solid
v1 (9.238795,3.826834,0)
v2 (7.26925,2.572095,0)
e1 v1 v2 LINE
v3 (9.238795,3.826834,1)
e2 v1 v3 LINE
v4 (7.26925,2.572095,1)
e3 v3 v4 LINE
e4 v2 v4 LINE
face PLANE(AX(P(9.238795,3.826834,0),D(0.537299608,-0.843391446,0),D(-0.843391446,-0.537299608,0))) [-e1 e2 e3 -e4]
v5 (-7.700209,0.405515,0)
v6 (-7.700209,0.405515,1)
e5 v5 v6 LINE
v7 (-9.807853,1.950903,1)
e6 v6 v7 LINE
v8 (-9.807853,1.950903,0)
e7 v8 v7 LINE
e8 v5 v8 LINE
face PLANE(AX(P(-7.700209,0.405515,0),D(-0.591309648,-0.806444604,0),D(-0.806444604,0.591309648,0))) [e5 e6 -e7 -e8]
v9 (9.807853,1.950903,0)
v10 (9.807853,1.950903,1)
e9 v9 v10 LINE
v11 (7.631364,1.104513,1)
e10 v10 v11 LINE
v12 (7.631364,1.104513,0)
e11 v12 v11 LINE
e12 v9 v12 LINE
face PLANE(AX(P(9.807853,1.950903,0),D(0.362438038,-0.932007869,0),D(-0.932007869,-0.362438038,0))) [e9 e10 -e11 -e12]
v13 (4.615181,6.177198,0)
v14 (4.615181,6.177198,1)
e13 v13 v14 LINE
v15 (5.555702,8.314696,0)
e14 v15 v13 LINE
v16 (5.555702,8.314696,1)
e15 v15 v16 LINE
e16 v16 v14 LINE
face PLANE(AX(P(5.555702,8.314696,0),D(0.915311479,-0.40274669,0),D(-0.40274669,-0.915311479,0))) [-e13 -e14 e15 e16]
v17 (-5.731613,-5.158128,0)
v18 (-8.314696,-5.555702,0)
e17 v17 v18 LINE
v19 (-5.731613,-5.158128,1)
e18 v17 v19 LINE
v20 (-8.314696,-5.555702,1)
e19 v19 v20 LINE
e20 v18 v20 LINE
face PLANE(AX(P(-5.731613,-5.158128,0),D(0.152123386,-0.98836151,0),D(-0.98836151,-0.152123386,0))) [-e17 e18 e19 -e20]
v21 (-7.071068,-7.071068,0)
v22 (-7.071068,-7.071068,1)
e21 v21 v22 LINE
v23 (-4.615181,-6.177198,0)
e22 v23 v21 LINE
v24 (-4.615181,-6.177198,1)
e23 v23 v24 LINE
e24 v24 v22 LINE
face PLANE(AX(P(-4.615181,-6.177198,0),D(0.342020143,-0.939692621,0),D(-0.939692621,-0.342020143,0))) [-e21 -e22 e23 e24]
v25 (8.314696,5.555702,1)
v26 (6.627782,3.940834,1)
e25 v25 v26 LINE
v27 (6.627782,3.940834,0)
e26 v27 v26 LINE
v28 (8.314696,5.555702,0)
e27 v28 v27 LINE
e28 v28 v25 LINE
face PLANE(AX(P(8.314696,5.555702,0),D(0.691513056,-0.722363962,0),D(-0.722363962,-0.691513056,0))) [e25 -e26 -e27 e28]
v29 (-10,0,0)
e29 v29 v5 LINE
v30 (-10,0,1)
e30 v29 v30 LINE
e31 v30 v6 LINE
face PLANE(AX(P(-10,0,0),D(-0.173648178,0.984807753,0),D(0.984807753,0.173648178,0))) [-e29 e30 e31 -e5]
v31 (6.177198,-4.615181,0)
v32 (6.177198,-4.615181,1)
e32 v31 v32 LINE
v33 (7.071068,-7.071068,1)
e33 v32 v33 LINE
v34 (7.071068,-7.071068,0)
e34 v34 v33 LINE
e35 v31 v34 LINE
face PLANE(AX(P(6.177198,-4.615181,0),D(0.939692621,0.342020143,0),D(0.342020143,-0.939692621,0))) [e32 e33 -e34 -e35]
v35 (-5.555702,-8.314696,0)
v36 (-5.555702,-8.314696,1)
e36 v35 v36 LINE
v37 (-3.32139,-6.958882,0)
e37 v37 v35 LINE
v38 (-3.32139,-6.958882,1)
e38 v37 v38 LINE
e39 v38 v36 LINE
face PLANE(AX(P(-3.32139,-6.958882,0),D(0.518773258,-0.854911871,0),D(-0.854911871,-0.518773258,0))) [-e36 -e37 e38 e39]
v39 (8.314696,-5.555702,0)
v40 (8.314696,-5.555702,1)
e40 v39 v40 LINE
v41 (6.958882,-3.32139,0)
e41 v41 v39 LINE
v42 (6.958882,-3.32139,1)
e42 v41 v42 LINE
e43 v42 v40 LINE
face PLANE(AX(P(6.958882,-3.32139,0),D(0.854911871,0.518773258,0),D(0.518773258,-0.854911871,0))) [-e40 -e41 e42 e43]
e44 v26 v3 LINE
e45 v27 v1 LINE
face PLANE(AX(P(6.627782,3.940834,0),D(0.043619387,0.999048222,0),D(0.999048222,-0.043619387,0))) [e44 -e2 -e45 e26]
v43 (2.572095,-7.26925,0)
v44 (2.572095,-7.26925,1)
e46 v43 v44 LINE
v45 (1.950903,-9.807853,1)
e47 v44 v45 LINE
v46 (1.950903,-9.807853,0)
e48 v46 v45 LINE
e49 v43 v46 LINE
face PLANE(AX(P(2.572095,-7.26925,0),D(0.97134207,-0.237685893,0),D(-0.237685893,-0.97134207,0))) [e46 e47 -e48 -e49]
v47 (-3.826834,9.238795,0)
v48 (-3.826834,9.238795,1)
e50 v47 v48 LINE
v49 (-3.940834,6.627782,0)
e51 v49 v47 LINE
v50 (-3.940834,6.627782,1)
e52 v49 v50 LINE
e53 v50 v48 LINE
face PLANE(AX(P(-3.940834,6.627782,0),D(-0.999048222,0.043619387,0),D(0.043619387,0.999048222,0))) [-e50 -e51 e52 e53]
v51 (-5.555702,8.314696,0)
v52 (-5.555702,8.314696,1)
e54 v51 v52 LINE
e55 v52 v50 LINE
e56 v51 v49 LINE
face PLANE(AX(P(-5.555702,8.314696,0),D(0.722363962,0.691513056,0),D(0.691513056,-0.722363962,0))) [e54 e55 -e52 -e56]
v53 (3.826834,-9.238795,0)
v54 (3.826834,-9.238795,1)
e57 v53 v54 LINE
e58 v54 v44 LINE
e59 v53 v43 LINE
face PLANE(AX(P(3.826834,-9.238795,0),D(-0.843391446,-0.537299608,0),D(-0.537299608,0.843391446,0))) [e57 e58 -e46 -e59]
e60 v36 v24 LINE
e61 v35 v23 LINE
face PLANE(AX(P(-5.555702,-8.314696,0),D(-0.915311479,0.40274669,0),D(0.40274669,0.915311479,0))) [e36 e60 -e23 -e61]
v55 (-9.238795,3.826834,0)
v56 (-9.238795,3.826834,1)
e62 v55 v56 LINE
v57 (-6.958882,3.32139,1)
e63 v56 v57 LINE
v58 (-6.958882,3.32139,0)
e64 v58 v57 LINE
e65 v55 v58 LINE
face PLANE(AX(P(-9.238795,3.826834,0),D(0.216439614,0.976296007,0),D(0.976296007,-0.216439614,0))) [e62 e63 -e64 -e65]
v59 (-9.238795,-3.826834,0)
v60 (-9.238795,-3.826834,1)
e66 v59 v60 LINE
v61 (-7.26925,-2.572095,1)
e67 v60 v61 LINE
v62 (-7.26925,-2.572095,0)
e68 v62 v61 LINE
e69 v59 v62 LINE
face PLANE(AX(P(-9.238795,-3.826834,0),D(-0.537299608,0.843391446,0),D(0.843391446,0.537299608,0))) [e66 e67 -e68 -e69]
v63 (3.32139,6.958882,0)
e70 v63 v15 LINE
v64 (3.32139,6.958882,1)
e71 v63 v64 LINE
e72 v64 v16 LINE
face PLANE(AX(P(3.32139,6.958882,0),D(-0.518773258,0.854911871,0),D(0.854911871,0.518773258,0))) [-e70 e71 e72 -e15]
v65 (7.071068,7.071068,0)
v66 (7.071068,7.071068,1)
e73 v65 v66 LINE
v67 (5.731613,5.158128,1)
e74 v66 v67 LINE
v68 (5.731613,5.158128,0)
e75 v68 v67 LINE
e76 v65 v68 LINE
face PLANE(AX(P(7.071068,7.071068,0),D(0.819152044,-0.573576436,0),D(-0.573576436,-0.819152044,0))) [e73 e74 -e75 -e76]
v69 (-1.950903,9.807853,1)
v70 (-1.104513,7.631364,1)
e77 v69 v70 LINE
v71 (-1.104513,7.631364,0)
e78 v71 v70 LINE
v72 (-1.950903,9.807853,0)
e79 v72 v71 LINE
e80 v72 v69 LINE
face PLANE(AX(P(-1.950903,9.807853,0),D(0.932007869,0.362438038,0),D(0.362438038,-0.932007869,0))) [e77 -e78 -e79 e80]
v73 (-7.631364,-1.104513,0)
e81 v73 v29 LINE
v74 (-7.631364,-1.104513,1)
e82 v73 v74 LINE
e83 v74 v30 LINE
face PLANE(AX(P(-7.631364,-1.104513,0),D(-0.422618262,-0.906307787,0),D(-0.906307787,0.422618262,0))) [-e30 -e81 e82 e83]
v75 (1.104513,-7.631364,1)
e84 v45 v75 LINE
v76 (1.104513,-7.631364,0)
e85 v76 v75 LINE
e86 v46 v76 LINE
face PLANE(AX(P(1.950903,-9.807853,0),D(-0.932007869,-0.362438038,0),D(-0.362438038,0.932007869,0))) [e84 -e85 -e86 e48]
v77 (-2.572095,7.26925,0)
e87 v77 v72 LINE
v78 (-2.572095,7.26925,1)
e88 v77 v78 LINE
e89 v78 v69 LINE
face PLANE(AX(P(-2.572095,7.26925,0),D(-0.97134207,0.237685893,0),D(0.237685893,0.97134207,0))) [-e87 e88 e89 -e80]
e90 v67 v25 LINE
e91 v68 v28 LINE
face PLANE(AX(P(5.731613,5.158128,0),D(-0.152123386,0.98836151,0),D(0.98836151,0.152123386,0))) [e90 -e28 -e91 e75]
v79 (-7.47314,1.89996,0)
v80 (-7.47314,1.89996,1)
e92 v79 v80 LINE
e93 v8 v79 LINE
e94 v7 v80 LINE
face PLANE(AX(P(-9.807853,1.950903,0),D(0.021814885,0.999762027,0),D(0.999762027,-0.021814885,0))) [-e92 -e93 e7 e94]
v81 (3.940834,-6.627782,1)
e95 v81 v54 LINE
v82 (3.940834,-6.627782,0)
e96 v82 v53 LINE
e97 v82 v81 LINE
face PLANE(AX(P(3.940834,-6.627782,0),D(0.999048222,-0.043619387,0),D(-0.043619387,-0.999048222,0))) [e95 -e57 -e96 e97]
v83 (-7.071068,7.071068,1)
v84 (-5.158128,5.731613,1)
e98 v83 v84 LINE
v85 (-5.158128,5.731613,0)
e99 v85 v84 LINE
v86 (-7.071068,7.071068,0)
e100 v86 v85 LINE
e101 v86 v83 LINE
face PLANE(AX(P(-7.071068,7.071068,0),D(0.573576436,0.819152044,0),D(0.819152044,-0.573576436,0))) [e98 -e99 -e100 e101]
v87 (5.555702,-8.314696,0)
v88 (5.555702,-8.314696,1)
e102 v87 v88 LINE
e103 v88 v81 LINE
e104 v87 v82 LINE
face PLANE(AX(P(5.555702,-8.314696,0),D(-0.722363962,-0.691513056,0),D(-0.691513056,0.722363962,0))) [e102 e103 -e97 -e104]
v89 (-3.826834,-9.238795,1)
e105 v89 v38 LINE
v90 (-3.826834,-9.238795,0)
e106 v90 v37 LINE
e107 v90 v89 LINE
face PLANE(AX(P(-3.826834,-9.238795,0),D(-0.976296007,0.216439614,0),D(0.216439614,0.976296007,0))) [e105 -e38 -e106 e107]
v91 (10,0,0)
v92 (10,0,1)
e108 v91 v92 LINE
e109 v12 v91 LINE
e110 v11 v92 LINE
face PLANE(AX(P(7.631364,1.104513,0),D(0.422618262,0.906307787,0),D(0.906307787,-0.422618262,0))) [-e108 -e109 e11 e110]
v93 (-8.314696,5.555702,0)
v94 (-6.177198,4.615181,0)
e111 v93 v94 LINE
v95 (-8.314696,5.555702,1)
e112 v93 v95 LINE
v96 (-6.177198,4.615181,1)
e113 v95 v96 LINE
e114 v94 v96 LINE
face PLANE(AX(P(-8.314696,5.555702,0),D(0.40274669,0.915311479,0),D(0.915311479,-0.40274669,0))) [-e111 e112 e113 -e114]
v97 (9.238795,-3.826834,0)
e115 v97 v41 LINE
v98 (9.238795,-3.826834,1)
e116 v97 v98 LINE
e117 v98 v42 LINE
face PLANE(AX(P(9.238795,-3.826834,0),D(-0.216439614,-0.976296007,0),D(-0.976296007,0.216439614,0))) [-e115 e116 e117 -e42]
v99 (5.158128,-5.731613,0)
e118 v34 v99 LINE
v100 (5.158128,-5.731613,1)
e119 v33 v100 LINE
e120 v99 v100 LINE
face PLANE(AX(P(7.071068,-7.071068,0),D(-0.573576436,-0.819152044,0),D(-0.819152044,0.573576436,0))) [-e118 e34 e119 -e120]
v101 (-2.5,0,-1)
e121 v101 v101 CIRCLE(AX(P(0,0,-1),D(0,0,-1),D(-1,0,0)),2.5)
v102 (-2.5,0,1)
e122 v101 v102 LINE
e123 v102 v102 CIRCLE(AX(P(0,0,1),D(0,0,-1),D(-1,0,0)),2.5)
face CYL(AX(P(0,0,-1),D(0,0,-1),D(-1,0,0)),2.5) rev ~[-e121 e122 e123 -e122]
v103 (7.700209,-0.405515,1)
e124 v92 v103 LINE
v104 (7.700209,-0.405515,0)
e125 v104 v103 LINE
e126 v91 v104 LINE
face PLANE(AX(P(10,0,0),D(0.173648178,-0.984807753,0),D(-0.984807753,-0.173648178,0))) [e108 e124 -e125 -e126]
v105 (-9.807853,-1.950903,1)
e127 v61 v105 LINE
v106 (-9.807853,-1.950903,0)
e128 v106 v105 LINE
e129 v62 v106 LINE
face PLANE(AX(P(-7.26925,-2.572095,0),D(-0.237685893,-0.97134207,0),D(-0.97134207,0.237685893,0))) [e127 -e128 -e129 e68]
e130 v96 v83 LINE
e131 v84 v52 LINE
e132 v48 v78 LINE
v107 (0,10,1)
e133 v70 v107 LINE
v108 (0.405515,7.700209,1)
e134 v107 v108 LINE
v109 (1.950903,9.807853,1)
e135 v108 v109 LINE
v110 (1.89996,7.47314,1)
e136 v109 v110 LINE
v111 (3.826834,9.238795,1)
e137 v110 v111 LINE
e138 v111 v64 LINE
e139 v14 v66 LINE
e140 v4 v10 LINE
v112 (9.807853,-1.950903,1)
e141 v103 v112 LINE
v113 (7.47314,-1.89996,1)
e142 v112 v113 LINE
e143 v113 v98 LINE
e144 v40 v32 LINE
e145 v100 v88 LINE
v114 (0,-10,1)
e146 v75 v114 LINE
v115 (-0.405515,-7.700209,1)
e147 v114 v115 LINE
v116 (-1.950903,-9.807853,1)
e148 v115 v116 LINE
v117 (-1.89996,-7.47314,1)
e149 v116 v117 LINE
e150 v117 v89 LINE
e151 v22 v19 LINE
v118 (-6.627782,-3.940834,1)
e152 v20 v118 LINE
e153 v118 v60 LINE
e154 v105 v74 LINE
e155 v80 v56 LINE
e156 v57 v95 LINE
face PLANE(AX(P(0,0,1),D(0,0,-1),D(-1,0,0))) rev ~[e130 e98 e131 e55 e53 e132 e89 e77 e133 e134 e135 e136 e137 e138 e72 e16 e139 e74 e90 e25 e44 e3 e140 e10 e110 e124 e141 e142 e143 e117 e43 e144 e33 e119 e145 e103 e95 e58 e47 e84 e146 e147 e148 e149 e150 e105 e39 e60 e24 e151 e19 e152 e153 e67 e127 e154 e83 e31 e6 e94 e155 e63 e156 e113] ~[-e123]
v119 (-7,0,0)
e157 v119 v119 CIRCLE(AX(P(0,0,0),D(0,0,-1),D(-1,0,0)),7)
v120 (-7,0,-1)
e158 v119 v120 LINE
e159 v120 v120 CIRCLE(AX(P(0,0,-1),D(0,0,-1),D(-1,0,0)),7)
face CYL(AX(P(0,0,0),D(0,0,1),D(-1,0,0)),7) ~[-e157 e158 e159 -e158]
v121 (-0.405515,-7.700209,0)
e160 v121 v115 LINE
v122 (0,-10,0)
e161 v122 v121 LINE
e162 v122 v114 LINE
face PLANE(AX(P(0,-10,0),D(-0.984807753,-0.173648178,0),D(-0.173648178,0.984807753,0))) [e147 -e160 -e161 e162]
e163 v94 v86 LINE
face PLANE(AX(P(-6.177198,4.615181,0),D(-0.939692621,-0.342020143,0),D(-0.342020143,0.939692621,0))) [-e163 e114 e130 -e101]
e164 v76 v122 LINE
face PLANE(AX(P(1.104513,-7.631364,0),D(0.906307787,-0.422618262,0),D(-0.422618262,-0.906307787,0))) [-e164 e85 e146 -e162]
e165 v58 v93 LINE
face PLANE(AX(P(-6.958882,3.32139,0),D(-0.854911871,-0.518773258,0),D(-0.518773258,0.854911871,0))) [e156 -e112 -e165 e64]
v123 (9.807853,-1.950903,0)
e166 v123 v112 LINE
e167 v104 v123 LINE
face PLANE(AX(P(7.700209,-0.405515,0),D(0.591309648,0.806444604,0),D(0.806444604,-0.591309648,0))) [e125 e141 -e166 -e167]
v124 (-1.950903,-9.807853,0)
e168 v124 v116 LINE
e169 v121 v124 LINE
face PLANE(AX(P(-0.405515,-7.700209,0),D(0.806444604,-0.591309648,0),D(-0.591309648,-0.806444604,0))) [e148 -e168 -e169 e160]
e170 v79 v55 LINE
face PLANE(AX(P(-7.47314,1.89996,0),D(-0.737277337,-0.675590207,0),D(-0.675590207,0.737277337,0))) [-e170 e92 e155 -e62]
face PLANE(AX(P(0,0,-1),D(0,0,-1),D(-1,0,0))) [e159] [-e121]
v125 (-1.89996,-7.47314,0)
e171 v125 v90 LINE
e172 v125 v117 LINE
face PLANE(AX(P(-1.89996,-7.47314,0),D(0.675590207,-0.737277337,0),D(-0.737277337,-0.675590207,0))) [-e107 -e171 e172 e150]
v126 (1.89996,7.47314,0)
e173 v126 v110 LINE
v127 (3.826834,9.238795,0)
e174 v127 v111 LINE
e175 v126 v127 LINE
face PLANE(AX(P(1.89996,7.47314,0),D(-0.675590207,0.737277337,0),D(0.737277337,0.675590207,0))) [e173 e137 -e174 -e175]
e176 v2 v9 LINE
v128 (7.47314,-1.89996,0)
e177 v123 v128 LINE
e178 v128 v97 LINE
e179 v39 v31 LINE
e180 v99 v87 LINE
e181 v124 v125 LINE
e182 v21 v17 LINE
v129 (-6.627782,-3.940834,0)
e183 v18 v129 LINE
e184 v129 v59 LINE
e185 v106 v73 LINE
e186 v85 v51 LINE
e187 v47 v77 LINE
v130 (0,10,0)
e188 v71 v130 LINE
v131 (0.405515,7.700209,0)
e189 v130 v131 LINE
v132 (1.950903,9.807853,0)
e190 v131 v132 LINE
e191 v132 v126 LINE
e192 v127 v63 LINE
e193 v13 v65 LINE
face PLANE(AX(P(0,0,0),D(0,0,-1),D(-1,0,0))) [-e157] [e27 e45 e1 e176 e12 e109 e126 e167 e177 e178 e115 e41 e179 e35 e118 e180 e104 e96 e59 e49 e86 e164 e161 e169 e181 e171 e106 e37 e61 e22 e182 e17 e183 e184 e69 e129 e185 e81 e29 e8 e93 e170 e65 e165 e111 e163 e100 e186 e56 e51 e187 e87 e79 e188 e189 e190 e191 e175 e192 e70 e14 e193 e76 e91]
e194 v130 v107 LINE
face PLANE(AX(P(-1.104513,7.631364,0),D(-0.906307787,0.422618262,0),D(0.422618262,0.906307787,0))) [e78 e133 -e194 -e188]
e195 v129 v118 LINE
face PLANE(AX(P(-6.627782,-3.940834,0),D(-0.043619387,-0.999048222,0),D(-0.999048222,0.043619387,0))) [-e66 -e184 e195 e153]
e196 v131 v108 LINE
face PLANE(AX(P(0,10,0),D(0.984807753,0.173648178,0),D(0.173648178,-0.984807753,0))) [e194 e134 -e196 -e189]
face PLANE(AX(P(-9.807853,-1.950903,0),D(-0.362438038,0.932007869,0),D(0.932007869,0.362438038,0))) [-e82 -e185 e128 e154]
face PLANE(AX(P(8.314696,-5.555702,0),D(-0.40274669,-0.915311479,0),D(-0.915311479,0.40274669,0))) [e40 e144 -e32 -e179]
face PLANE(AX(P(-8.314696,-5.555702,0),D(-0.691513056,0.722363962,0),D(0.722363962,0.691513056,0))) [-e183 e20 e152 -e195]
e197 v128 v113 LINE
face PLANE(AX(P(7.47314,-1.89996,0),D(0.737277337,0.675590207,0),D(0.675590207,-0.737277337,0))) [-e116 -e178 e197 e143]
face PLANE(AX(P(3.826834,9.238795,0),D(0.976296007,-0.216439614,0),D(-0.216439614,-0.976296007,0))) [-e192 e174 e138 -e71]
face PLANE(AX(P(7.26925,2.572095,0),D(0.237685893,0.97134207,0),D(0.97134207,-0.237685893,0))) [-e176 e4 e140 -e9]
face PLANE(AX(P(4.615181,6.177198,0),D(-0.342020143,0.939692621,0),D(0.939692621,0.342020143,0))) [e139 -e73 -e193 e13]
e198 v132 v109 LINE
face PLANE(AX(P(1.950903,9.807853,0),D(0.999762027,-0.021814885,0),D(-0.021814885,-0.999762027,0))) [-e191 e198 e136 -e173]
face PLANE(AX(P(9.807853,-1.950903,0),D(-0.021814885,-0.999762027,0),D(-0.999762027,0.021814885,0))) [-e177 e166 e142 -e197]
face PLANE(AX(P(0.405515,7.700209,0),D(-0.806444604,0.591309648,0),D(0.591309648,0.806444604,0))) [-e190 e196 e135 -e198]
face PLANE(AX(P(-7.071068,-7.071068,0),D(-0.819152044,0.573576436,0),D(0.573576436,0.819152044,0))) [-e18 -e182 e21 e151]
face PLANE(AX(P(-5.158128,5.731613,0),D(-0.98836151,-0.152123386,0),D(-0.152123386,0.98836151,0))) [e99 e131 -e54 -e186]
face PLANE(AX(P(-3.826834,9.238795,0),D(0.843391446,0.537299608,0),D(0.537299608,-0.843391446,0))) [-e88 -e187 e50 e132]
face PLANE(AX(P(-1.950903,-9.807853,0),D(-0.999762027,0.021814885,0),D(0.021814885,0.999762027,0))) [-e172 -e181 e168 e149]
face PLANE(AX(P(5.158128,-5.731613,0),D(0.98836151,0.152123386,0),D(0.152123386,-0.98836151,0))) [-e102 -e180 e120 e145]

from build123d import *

# Parameters (mm, degrees)
Y_KSEKLIK_EKSTR_ZYON1_DEPTH = 1
IZIM3_R                     = 7
Y_KSEKLIK_EKSTR_ZYON2_DEPTH = 1
IZIM4_R                     = 2.5
KES_EKSTR_ZYON1_DEPTH       = 4


with BuildPart() as part:
    # Çizim1 → Yükseklik-Ekstrüzyon1 (new body)
    with BuildSketch(Plane.XY):
        Polygon((0, 10), (0.405515134, 7.700209394), (1.95090322, 9.807852804), (1.899959604, 7.473139952), (3.826834324, 9.238795325), (3.321389693, 6.958881932), (5.55570233, 8.314696123), (4.615180638, 6.177197982), (7.071067812, 7.071067812), (5.73161278, 5.158127778), (8.314696123, 5.55570233), (6.627782257, 3.940833616), (9.238795325, 3.826834324), (7.269249778, 2.572095429), (9.807852804, 1.95090322), (7.631364108, 1.104513056), (10, 0), (7.700209394, -0.405515134), (9.807852804, -1.95090322), (7.473139952, -1.899959604), (9.238795325, -3.826834324), (6.958881932, -3.321389693), (8.314696123, -5.55570233), (6.177197982, -4.615180638), (7.071067812, -7.071067812), (5.158127778, -5.73161278), (5.55570233, -8.314696123), (3.940833616, -6.627782257), (3.826834324, -9.238795325), (2.572095429, -7.269249778), (1.95090322, -9.807852804), (1.104513056, -7.631364108), (0, -10), (-0.405515134, -7.700209394), (-1.95090322, -9.807852804), (-1.899959604, -7.473139952), (-3.826834324, -9.238795325), (-3.321389693, -6.958881932), (-5.55570233, -8.314696123), (-4.615180638, -6.177197982), (-7.071067812, -7.071067812), (-5.73161278, -5.158127778), (-8.314696123, -5.55570233), (-6.627782257, -3.940833616), (-9.238795325, -3.826834324), (-7.269249778, -2.572095429), (-9.807852804, -1.95090322), (-7.631364108, -1.104513056), (-10, 0), (-7.700209394, 0.405515134), (-9.807852804, 1.95090322), (-7.473139952, 1.899959604), (-9.238795325, 3.826834324), (-6.958881932, 3.321389693), (-8.314696123, 5.55570233), (-6.177197982, 4.615180638), (-7.071067812, 7.071067812), (-5.158127778, 5.73161278), (-5.55570233, 8.314696123), (-3.940833616, 6.627782257), (-3.826834324, 9.238795325), (-2.572095429, 7.269249778), (-1.95090322, 9.807852804), (-1.104513056, 7.631364108), align=None)
    extrude(amount=Y_KSEKLIK_EKSTR_ZYON1_DEPTH)

    # Çizim3 → Yükseklik-Ekstrüzyon2 (add)
    with BuildSketch(Plane(origin=(0, 0, 0), x_dir=(-1, 0, 0), z_dir=(0, 0, -1))):
        Circle(IZIM3_R)
    extrude(amount=Y_KSEKLIK_EKSTR_ZYON2_DEPTH)

    # Çizim4 → Kes-Ekstrüzyon1 (cut)
    with BuildSketch(Plane(origin=(0, 0, -1), x_dir=(-1, 0, 0), z_dir=(0, 0, -1))):
        Circle(IZIM4_R)
    extrude(amount=-KES_EKSTR_ZYON1_DEPTH, mode=Mode.SUBTRACT)


solid = part.part
